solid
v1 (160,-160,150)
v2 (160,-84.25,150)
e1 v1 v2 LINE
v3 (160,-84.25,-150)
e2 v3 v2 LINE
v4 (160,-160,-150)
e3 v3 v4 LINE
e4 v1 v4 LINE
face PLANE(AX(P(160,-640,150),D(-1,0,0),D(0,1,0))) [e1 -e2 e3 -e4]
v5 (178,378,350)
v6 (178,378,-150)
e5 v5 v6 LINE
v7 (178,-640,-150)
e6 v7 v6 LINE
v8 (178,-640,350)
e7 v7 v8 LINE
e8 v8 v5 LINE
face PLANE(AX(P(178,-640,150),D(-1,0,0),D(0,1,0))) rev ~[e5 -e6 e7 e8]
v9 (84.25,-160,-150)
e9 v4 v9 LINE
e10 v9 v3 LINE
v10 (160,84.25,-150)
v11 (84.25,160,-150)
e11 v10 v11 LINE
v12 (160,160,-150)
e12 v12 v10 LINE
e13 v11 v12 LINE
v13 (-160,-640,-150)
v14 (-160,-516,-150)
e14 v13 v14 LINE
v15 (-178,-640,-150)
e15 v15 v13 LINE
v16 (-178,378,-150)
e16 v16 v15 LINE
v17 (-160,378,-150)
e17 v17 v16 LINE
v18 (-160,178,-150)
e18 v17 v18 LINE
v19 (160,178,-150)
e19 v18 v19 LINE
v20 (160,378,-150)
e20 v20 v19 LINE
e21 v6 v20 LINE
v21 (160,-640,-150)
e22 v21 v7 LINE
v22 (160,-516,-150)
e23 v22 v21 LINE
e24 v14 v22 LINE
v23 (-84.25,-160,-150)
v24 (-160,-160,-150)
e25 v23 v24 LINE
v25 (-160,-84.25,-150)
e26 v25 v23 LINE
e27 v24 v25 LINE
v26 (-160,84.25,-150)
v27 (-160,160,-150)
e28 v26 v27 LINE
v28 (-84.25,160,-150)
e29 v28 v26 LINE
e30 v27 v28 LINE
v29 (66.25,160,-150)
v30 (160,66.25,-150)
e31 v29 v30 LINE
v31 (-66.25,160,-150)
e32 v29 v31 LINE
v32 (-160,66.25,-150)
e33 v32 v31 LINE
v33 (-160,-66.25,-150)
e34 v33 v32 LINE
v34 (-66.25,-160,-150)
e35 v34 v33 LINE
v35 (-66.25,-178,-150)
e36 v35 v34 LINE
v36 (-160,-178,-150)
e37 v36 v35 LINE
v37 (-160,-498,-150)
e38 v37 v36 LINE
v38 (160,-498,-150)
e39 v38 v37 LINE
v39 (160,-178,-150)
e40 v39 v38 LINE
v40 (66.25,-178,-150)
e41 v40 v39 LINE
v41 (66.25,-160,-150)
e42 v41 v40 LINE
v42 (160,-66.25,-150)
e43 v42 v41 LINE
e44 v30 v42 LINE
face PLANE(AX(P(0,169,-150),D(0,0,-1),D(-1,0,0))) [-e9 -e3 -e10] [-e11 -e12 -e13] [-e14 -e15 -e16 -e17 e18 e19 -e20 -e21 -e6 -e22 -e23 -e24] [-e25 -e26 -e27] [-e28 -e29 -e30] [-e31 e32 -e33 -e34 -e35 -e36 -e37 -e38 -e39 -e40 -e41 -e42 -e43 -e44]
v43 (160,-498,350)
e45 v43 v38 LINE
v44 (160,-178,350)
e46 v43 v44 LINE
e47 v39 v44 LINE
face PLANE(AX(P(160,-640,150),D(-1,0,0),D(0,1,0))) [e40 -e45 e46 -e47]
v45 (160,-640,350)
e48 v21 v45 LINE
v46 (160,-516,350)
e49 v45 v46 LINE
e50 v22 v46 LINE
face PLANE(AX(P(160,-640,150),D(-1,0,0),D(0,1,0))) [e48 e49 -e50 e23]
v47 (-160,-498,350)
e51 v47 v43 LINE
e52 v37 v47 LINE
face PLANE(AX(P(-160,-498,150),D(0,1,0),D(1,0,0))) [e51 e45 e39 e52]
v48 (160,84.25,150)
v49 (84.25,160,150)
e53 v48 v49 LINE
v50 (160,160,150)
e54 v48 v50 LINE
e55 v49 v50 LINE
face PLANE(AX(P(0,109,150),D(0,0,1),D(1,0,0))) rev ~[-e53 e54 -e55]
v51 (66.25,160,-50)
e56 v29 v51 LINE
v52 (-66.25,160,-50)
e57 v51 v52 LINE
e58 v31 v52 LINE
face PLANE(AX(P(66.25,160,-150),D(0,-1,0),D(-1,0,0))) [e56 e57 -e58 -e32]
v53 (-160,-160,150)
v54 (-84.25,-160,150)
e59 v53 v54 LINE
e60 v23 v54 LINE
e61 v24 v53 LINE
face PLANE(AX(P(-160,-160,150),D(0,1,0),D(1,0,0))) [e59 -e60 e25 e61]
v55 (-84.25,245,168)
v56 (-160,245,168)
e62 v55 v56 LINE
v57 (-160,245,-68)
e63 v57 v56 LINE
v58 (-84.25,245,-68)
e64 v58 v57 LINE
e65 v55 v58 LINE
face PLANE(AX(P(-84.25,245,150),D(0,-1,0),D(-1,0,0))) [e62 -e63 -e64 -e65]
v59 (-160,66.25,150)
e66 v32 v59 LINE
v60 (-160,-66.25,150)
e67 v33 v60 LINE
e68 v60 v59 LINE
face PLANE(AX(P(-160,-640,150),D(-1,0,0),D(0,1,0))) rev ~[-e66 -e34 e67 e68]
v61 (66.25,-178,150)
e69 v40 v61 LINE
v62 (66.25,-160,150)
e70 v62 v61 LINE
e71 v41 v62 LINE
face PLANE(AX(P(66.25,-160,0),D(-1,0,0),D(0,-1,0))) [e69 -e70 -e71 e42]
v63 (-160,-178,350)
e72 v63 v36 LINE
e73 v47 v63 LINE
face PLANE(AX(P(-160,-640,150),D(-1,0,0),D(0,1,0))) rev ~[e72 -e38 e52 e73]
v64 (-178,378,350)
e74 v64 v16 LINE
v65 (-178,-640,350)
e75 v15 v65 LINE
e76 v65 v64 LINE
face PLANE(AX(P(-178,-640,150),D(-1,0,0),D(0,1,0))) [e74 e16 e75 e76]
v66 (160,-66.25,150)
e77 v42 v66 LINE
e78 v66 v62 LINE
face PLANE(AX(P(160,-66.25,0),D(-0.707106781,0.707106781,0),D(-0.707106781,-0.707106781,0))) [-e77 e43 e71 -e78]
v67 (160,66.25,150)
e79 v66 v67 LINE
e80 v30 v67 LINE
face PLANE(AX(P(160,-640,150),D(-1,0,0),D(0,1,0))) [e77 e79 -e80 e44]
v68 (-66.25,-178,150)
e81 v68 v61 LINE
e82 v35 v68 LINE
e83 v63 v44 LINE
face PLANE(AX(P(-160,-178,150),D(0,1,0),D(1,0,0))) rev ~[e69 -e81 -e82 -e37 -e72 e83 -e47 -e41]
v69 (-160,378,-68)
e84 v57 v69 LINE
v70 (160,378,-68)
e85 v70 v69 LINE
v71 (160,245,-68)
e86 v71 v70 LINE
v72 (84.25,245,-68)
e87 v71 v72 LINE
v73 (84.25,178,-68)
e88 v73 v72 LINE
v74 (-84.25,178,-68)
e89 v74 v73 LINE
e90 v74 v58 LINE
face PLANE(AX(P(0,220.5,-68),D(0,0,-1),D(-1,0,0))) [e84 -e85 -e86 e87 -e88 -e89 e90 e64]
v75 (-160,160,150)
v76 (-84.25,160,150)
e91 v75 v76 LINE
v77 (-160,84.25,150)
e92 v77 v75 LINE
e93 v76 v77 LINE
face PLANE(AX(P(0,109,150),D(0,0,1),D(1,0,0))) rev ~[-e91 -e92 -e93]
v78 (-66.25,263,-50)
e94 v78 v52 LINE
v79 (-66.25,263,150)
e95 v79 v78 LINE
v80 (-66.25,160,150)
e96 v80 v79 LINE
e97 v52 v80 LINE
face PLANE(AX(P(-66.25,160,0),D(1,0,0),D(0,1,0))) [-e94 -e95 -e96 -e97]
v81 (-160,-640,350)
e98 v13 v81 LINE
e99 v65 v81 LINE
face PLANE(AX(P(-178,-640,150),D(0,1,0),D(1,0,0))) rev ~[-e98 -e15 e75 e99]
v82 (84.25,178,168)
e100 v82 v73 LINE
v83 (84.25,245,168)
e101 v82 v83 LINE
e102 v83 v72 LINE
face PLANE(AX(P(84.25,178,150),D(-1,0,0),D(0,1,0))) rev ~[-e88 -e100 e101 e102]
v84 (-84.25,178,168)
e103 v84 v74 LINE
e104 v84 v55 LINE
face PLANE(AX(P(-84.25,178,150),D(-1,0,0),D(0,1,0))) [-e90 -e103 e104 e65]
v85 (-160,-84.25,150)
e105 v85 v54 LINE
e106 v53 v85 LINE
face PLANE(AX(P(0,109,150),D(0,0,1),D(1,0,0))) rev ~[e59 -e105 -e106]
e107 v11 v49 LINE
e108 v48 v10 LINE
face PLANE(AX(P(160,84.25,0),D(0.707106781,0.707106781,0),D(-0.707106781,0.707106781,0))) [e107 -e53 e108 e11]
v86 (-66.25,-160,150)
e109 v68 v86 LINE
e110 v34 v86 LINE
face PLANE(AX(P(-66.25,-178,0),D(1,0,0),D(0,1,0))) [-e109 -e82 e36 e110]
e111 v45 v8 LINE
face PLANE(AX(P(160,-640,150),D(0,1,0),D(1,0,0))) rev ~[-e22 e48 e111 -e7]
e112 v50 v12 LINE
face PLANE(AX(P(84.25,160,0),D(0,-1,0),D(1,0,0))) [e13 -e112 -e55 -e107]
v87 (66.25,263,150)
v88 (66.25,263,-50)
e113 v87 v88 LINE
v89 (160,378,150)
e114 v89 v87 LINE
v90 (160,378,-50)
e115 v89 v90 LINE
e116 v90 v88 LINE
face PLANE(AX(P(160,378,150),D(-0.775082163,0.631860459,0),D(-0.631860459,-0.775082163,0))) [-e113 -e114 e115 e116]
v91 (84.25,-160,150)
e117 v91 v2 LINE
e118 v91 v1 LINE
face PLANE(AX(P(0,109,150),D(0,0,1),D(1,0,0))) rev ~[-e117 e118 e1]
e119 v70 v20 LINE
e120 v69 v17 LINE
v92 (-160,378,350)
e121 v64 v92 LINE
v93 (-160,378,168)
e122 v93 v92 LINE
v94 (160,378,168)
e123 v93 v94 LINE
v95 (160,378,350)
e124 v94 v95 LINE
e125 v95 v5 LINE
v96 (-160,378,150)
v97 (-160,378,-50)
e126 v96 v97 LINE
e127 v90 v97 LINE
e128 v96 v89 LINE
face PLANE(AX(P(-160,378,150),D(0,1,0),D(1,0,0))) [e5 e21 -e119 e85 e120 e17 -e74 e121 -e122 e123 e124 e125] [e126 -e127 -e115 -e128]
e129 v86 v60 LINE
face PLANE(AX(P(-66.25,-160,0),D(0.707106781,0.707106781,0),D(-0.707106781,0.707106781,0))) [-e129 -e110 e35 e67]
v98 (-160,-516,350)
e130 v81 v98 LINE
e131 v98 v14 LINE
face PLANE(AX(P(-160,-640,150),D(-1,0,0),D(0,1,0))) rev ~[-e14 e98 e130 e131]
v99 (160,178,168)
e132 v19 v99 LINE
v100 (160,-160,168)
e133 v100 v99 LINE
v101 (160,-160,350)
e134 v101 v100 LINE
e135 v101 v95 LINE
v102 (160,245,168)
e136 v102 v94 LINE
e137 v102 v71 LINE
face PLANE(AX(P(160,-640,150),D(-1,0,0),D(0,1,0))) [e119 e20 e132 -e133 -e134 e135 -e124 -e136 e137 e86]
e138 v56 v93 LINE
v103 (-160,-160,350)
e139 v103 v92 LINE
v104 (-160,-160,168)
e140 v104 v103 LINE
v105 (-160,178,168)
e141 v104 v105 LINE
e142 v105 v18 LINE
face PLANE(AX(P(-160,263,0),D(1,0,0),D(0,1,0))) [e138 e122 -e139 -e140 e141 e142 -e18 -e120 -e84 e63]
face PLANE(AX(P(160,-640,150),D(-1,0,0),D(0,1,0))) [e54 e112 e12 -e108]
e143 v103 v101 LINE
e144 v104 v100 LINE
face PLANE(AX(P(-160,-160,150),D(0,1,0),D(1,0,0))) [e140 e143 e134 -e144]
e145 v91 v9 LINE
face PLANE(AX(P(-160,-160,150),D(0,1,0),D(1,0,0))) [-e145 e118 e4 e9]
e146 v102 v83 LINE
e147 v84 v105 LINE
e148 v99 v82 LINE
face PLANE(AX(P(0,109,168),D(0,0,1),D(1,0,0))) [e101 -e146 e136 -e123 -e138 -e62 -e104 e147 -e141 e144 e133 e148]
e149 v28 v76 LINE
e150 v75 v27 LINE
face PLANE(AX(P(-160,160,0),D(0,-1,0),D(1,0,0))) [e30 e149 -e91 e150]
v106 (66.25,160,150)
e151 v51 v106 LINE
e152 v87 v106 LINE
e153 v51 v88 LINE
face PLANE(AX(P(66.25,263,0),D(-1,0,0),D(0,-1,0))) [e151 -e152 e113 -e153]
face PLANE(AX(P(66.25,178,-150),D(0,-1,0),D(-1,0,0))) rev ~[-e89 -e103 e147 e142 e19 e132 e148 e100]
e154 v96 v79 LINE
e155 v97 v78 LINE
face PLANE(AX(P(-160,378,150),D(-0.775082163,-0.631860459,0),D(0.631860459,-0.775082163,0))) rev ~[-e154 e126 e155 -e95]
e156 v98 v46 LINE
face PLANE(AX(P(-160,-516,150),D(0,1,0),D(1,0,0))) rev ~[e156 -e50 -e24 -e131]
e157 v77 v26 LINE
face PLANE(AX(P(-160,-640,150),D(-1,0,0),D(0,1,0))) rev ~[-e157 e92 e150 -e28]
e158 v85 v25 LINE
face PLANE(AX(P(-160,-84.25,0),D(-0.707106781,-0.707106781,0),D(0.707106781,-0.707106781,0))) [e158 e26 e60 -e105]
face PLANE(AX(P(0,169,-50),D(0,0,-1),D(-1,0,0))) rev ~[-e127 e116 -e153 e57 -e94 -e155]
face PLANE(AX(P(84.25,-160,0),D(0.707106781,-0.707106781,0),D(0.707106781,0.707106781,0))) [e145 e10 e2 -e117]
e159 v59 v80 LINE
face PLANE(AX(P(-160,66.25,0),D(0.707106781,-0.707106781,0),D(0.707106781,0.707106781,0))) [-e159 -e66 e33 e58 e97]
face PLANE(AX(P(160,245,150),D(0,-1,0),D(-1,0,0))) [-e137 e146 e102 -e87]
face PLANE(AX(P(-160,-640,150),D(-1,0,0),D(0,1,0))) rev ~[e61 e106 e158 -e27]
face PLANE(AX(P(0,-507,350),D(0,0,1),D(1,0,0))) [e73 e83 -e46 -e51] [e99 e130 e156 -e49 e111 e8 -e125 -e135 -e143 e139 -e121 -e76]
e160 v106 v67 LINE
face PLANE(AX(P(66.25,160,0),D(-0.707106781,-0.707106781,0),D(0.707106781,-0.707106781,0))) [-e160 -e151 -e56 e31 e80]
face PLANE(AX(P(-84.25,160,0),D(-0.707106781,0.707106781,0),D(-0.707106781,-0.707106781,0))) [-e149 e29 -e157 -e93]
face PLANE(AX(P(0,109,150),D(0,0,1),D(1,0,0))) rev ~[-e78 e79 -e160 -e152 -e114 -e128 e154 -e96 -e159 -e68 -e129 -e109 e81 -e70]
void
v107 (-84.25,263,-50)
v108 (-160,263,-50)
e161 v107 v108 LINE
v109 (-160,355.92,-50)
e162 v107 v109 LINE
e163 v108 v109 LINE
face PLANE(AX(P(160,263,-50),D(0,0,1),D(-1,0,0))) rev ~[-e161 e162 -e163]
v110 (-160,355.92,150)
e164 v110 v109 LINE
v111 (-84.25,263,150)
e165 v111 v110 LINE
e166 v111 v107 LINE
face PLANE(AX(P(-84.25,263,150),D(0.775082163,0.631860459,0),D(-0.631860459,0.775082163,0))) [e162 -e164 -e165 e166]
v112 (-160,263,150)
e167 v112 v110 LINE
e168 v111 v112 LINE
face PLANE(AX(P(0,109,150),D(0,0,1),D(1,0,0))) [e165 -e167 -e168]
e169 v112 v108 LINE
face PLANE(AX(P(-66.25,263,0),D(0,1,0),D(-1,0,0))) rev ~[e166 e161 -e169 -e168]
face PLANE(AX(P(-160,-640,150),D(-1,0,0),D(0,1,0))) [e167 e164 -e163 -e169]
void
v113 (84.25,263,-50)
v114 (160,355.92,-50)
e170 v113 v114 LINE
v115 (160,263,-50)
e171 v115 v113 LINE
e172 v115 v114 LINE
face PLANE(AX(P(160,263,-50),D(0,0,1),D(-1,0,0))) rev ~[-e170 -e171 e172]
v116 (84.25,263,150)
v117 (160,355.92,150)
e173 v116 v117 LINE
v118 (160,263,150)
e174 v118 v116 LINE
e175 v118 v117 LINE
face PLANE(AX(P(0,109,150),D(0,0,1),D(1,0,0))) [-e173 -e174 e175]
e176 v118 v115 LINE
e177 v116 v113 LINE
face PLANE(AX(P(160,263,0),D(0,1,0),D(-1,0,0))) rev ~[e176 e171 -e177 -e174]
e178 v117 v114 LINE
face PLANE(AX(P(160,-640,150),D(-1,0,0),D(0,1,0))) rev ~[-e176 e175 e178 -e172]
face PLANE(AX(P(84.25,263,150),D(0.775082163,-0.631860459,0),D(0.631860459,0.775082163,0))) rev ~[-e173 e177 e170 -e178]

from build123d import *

# Parameters (mm, degrees)
SKETCH1_W            = 75.75
SKETCH1_H            = 67
BOSS_EXTRUDE4_DEPTH  = 150
SKETCH12_W           = 320
SKETCH12_H           = 18
BOSS_EXTRUDE6_DEPTH  = 115
BOSS_EXTRUDE8_DEPTH  = 200
BOSS_EXTRUDE9_DEPTH  = 200
SKETCH26_W           = 18
SKETCH26_H           = 1018
BOSS_EXTRUDE30_DEPTH = 200
SKETCH27_W           = 18
SKETCH27_H           = 1018
BOSS_EXTRUDE31_DEPTH = 200
SKETCH28_W           = 320
SKETCH28_H           = 18
BOSS_EXTRUDE32_DEPTH = 200
SKETCH29_W           = 320
SKETCH29_H           = 18
BOSS_EXTRUDE33_DEPTH = 200
SKETCH32_W           = 320
SKETCH32_H           = 538
BOSS_EXTRUDE35_DEPTH = 18
SKETCH34_W           = 75.75
SKETCH34_H           = 67
CUT_EXTRUDE1_DEPTH   = 18
SKETCH35_W           = 75.75
SKETCH35_H           = 67
CUT_EXTRUDE2_DEPTH   = 18
SKETCH46_W           = 93.75
SKETCH46_H           = 82
CUT_EXTRUDE14_DEPTH  = 85
SKETCH47_W           = 93.75
SKETCH47_H           = 82
CUT_EXTRUDE15_DEPTH  = 85
SKETCH48_W           = 132.5
SKETCH48_H           = 85
BOSS_EXTRUDE44_DEPTH = 18
SKETCH51_W           = 132.5
SKETCH51_H           = 18
BOSS_EXTRUDE46_DEPTH = 100


with BuildPart() as part:
    # Sketch1 → Boss-Extrude4 (new body, symmetric)
    with BuildSketch(Plane.XY):
        Polygon((66.25, 263), (66.25, 160), (160, 66.25), (160, -66.25), (66.25, -160), (66.25, -178), (160, -178), (160, -498), (-160, -498), (-160, -178), (-66.25, -178), (-66.25, -160), (-160, -66.25), (-160, 66.25), (-66.25, 160), (-66.25, 263), (-160, 263), (-160, 378), (-178, 378), (-178, -640), (-160, -640), (-160, -516), (160, -516), (160, -640), (178, -640), (178, 378), (160, 378), (160, 263), align=None)
        Polygon((-84.25, -160), (-160, -160), (-160, -84.25), align=None, mode=Mode.SUBTRACT)
        Polygon((160, -84.25), (160, -160), (84.25, -160), align=None, mode=Mode.SUBTRACT)
        Polygon((84.25, 160), (160, 160), (160, 84.25), align=None, mode=Mode.SUBTRACT)
        with Locations((122.125, 211.5)):
            Rectangle(SKETCH1_W, SKETCH1_H, mode=Mode.SUBTRACT)
        with Locations((-122.125, 211.5)):
            Rectangle(SKETCH1_W, SKETCH1_H, mode=Mode.SUBTRACT)
        Polygon((-84.25, 160), (-160, 84.25), (-160, 160), align=None, mode=Mode.SUBTRACT)
    extrude(amount=BOSS_EXTRUDE4_DEPTH, both=True)

    # Sketch12 → Boss-Extrude6 (add)
    with BuildSketch(Plane(origin=(0, 263, 0), x_dir=(-1, 0, 0), z_dir=(0, -1, 0))):
        with Locations((0, 59)):
            Rectangle(SKETCH12_W, SKETCH12_H)
    extrude(amount=-BOSS_EXTRUDE6_DEPTH)

    # Sketch13 → Boss-Extrude8 (add)
    with BuildSketch(Plane.XY.offset(150)):
        Polygon((-160, 378), (-66.25, 263), (-84.25, 263), (-160, 355.92), align=None)
    extrude(amount=-BOSS_EXTRUDE8_DEPTH)

    # Sketch15 → Boss-Extrude9 (add)
    with BuildSketch(Plane.XY.offset(150)):
        Polygon((160, 378), (66.25, 263), (84.25, 263), (160, 355.92), align=None)
    extrude(amount=-BOSS_EXTRUDE9_DEPTH)

    # Sketch26 → Boss-Extrude30 (add)
    with BuildSketch(Plane.XY.offset(150)):
        with Locations((-169, -131)):
            Rectangle(SKETCH26_W, SKETCH26_H)
    extrude(amount=BOSS_EXTRUDE30_DEPTH)

    # Sketch27 → Boss-Extrude31 (add)
    with BuildSketch(Plane.XY.offset(150)):
        with Locations((169, -131)):
            Rectangle(SKETCH27_W, SKETCH27_H)
    extrude(amount=BOSS_EXTRUDE31_DEPTH)

    # Sketch28 → Boss-Extrude32 (add)
    with BuildSketch(Plane.XY.offset(150)):
        with Locations((0, -169)):
            Rectangle(SKETCH28_W, SKETCH28_H)
    extrude(amount=BOSS_EXTRUDE32_DEPTH)

    # Sketch29 → Boss-Extrude33 (add)
    with BuildSketch(Plane.XY.offset(150)):
        with Locations((0, -507)):
            Rectangle(SKETCH29_W, SKETCH29_H)
    extrude(amount=BOSS_EXTRUDE33_DEPTH)

    # Sketch32 → Boss-Extrude35 (add)
    with BuildSketch(Plane.XY.offset(150)):
        with Locations((0, 109)):
            Rectangle(SKETCH32_W, SKETCH32_H)
    extrude(amount=BOSS_EXTRUDE35_DEPTH)

    # Sketch34 → Cut-Extrude1 (cut)
    with BuildSketch(Plane(origin=(0, 0, 150), x_dir=(-1, 0, 0), z_dir=(0, 0, -1))):
        with Locations((-122.125, 211.5)):
            Rectangle(SKETCH34_W, SKETCH34_H)
    extrude(amount=-CUT_EXTRUDE1_DEPTH, mode=Mode.SUBTRACT)

    # Sketch35 → Cut-Extrude2 (cut)
    with BuildSketch(Plane(origin=(0, 0, 150), x_dir=(-1, 0, 0), z_dir=(0, 0, -1))):
        with Locations((122.125, 211.5)):
            Rectangle(SKETCH35_W, SKETCH35_H)
    extrude(amount=-CUT_EXTRUDE2_DEPTH, mode=Mode.SUBTRACT)

    # Sketch46 → Cut-Extrude14 (cut)
    with BuildSketch(Plane(origin=(0, 263, 0), x_dir=(1, 0, 0), z_dir=(0, 1, 0))):
        with Locations((113.125, 109)):
            Rectangle(SKETCH46_W, SKETCH46_H)
    extrude(amount=-CUT_EXTRUDE14_DEPTH, mode=Mode.SUBTRACT)

    # Sketch47 → Cut-Extrude15 (cut)
    with BuildSketch(Plane(origin=(0, 263, 0), x_dir=(1, 0, 0), z_dir=(0, 1, 0))):
        with Locations((-113.125, 109)):
            Rectangle(SKETCH47_W, SKETCH47_H)
    extrude(amount=-CUT_EXTRUDE15_DEPTH, mode=Mode.SUBTRACT)

    # Sketch48 → Boss-Extrude44 (add)
    with BuildSketch(Plane(origin=(0, 0, -68), x_dir=(-1, 0, 0), z_dir=(0, 0, -1))):
        with Locations((0, 220.5)):
            Rectangle(SKETCH48_W, SKETCH48_H)
    extrude(amount=-BOSS_EXTRUDE44_DEPTH)

    # Sketch51 → Boss-Extrude46 (add)
    with BuildSketch(Plane(origin=(0, 0, -150), x_dir=(-1, 0, 0), z_dir=(0, 0, -1))):
        with Locations((0, 169)):
            Rectangle(SKETCH51_W, SKETCH51_H)
    extrude(amount=-BOSS_EXTRUDE46_DEPTH)


solid = part.part
